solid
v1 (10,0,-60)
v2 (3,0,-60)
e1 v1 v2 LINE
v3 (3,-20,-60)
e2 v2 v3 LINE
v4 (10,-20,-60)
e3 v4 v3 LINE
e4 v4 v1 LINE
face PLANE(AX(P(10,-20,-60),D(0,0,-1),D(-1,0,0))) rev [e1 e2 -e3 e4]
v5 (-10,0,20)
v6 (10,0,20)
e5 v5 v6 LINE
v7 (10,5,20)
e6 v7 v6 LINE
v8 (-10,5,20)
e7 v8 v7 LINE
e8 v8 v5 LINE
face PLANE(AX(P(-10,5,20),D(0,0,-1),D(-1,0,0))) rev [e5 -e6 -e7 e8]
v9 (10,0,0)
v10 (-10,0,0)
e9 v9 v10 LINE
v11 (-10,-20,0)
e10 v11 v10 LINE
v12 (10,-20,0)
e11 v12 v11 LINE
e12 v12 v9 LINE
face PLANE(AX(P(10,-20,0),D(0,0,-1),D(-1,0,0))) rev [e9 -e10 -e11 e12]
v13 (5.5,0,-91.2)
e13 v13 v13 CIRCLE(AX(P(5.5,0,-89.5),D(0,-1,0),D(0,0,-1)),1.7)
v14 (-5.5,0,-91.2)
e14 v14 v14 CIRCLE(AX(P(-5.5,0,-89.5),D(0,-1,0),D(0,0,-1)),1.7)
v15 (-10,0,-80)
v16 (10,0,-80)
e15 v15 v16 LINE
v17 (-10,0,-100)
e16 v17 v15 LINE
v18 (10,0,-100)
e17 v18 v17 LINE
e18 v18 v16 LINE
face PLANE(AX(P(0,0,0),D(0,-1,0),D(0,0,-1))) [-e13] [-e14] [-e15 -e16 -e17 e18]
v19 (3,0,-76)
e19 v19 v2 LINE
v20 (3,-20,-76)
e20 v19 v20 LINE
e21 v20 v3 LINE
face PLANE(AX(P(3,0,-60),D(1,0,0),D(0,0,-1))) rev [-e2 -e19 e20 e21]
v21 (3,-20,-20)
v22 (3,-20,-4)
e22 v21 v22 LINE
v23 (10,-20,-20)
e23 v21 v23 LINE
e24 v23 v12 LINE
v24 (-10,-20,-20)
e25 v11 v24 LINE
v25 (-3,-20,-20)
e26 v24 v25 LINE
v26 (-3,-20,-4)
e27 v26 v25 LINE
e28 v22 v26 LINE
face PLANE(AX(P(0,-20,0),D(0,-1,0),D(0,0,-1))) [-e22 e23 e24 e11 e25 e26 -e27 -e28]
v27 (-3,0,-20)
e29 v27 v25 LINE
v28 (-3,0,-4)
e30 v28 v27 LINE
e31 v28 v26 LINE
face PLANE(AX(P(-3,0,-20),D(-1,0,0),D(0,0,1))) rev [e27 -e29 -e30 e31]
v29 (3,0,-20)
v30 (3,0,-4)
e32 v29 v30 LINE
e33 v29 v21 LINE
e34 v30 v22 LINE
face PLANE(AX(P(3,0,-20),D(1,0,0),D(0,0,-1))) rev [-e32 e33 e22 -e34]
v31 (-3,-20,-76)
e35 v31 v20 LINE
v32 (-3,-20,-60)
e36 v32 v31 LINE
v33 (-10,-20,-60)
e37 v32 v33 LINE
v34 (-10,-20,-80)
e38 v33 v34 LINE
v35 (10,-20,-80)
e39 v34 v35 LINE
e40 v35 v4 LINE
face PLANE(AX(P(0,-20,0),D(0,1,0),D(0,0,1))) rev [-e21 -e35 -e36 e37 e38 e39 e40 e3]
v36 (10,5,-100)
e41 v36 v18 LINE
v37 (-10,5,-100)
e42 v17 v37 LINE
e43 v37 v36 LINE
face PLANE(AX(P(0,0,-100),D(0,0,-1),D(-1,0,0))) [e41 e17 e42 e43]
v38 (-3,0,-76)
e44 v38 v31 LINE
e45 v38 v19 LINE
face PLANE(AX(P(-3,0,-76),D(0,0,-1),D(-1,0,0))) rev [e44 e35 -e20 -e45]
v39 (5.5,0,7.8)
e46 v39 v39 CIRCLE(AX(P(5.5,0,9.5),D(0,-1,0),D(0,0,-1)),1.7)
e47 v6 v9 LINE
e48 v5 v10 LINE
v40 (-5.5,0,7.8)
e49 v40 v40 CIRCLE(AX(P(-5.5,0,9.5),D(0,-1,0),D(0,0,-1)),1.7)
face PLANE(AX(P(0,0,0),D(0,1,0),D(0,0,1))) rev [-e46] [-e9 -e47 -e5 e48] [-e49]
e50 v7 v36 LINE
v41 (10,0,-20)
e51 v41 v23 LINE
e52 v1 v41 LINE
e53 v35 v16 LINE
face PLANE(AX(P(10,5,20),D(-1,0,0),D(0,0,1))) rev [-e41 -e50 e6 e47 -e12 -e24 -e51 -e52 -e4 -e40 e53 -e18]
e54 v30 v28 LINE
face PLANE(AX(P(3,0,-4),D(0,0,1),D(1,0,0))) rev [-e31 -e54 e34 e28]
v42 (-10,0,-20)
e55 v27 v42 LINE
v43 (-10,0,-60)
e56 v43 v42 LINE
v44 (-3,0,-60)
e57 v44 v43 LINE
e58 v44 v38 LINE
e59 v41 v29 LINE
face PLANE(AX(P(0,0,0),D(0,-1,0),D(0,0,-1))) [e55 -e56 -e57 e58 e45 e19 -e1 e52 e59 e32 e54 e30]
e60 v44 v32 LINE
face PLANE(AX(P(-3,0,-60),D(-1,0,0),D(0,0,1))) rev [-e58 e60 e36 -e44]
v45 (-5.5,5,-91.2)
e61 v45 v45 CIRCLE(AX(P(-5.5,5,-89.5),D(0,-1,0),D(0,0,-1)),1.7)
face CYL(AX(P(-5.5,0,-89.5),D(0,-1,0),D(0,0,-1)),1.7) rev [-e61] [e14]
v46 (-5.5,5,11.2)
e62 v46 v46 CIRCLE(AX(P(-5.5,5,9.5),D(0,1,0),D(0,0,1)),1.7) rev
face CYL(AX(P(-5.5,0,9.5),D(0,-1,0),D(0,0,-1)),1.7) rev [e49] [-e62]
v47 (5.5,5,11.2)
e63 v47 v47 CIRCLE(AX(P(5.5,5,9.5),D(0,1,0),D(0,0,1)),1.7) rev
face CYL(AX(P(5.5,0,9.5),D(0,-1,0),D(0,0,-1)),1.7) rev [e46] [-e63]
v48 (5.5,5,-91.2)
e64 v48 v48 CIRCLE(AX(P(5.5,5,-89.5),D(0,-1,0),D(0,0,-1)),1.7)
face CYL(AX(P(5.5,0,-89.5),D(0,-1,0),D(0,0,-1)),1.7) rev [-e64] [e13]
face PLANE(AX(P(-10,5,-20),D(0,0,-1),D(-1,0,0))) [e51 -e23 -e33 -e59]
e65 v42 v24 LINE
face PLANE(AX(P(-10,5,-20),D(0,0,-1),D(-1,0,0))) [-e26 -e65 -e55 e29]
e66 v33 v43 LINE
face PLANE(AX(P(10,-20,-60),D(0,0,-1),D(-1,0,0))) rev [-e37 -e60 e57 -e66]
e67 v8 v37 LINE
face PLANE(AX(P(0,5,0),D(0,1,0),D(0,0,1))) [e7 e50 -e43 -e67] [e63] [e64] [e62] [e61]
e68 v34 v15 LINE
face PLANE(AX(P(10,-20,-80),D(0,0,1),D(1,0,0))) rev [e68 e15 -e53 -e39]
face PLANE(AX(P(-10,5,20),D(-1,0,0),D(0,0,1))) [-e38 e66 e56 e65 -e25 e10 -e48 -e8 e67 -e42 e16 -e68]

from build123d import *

# Parameters (mm, degrees)
SKETCH1_W            = 20
SKETCH1_H            = 40
BOSS_EXTRUDE1_DEPTH  = 5
SKETCH2_W            = 20
SKETCH2_H            = 20
BOSS_EXTRUDE2_DEPTH  = 20
SKETCH3_W            = 6
SKETCH3_H            = 16
CUT_EXTRUDE1_DEPTH   = 20
M3_CLEARANCE_HOLE1_D = 3.4
SKETCH6_W            = 20
SKETCH6_H            = 5
BOSS_EXTRUDE3_DEPTH  = 60
SKETCH7_W            = 20
SKETCH7_H            = 5
BOSS_EXTRUDE4_DEPTH  = 20
SKETCH8_W            = 20
SKETCH8_H            = 20
BOSS_EXTRUDE5_DEPTH  = 20
SKETCH9_W            = 6
SKETCH9_H            = 16
CUT_EXTRUDE2_DEPTH   = 20
M3_CLEARANCE_HOLE2_D = 3.4


with BuildPart() as part:
    # Sketch1 → Boss-Extrude1 (new body)
    with BuildSketch(Plane(origin=(0, 0, 0), x_dir=(1, 0, 0), z_dir=(0, 1, 0))):
        Rectangle(SKETCH1_W, SKETCH1_H)
    extrude(amount=BOSS_EXTRUDE1_DEPTH)

    # Sketch2 → Boss-Extrude2 (add)
    with BuildSketch(Plane(origin=(0, 0, 0), x_dir=(-1, 0, 0), z_dir=(0, -1, 0))):
        with Locations((0, 10)):
            Rectangle(SKETCH2_W, SKETCH2_H)
    extrude(amount=BOSS_EXTRUDE2_DEPTH)

    # Sketch3 → Cut-Extrude1 (cut)
    with BuildSketch(Plane(origin=(0, -20, 0), x_dir=(-1, 0, 0), z_dir=(0, -1, 0))):
        with Locations((0, 12)):
            Rectangle(SKETCH3_W, SKETCH3_H)
    extrude(amount=-CUT_EXTRUDE1_DEPTH, mode=Mode.SUBTRACT)

    # M3 Clearance Hole1 (through all)
    with Locations(Plane(origin=(0, 0, 0), x_dir=(-1, 0, 0), z_dir=(0, -1, 0))):
        with Locations((-5.5, -9.5), (5.5, -9.5)):
            Hole(M3_CLEARANCE_HOLE1_D / 2)

    # Sketch6 → Boss-Extrude3 (add)
    with BuildSketch(Plane(origin=(0, 0, -20), x_dir=(-1, 0, 0), z_dir=(0, 0, -1))):
        with Locations((0, 2.5)):
            Rectangle(SKETCH6_W, SKETCH6_H)
    extrude(amount=BOSS_EXTRUDE3_DEPTH)

    # Sketch7 → Boss-Extrude4 (add)
    with BuildSketch(Plane(origin=(0, 0, -80), x_dir=(-1, 0, 0), z_dir=(0, 0, -1))):
        with Locations((0, 2.5)):
            Rectangle(SKETCH7_W, SKETCH7_H)
    extrude(amount=BOSS_EXTRUDE4_DEPTH)

    # Sketch8 → Boss-Extrude5 (add)
    with BuildSketch(Plane(origin=(0, 0, 0), x_dir=(-1, 0, 0), z_dir=(0, -1, 0))):
        with Locations((0, 70)):
            Rectangle(SKETCH8_W, SKETCH8_H)
    extrude(amount=BOSS_EXTRUDE5_DEPTH)

    # Sketch9 → Cut-Extrude2 (cut)
    with BuildSketch(Plane(origin=(0, -20, 0), x_dir=(-1, 0, 0), z_dir=(0, -1, 0))):
        with Locations((0, 68)):
            Rectangle(SKETCH9_W, SKETCH9_H)
    extrude(amount=-CUT_EXTRUDE2_DEPTH, mode=Mode.SUBTRACT)

    # M3 Clearance Hole2 (through all)
    with Locations(Plane(origin=(0, 0, 0), x_dir=(-1, 0, 0), z_dir=(0, -1, 0))):
        with Locations((-5.5, 89.5), (5.5, 89.5)):
            Hole(M3_CLEARANCE_HOLE2_D / 2)


solid = part.part
